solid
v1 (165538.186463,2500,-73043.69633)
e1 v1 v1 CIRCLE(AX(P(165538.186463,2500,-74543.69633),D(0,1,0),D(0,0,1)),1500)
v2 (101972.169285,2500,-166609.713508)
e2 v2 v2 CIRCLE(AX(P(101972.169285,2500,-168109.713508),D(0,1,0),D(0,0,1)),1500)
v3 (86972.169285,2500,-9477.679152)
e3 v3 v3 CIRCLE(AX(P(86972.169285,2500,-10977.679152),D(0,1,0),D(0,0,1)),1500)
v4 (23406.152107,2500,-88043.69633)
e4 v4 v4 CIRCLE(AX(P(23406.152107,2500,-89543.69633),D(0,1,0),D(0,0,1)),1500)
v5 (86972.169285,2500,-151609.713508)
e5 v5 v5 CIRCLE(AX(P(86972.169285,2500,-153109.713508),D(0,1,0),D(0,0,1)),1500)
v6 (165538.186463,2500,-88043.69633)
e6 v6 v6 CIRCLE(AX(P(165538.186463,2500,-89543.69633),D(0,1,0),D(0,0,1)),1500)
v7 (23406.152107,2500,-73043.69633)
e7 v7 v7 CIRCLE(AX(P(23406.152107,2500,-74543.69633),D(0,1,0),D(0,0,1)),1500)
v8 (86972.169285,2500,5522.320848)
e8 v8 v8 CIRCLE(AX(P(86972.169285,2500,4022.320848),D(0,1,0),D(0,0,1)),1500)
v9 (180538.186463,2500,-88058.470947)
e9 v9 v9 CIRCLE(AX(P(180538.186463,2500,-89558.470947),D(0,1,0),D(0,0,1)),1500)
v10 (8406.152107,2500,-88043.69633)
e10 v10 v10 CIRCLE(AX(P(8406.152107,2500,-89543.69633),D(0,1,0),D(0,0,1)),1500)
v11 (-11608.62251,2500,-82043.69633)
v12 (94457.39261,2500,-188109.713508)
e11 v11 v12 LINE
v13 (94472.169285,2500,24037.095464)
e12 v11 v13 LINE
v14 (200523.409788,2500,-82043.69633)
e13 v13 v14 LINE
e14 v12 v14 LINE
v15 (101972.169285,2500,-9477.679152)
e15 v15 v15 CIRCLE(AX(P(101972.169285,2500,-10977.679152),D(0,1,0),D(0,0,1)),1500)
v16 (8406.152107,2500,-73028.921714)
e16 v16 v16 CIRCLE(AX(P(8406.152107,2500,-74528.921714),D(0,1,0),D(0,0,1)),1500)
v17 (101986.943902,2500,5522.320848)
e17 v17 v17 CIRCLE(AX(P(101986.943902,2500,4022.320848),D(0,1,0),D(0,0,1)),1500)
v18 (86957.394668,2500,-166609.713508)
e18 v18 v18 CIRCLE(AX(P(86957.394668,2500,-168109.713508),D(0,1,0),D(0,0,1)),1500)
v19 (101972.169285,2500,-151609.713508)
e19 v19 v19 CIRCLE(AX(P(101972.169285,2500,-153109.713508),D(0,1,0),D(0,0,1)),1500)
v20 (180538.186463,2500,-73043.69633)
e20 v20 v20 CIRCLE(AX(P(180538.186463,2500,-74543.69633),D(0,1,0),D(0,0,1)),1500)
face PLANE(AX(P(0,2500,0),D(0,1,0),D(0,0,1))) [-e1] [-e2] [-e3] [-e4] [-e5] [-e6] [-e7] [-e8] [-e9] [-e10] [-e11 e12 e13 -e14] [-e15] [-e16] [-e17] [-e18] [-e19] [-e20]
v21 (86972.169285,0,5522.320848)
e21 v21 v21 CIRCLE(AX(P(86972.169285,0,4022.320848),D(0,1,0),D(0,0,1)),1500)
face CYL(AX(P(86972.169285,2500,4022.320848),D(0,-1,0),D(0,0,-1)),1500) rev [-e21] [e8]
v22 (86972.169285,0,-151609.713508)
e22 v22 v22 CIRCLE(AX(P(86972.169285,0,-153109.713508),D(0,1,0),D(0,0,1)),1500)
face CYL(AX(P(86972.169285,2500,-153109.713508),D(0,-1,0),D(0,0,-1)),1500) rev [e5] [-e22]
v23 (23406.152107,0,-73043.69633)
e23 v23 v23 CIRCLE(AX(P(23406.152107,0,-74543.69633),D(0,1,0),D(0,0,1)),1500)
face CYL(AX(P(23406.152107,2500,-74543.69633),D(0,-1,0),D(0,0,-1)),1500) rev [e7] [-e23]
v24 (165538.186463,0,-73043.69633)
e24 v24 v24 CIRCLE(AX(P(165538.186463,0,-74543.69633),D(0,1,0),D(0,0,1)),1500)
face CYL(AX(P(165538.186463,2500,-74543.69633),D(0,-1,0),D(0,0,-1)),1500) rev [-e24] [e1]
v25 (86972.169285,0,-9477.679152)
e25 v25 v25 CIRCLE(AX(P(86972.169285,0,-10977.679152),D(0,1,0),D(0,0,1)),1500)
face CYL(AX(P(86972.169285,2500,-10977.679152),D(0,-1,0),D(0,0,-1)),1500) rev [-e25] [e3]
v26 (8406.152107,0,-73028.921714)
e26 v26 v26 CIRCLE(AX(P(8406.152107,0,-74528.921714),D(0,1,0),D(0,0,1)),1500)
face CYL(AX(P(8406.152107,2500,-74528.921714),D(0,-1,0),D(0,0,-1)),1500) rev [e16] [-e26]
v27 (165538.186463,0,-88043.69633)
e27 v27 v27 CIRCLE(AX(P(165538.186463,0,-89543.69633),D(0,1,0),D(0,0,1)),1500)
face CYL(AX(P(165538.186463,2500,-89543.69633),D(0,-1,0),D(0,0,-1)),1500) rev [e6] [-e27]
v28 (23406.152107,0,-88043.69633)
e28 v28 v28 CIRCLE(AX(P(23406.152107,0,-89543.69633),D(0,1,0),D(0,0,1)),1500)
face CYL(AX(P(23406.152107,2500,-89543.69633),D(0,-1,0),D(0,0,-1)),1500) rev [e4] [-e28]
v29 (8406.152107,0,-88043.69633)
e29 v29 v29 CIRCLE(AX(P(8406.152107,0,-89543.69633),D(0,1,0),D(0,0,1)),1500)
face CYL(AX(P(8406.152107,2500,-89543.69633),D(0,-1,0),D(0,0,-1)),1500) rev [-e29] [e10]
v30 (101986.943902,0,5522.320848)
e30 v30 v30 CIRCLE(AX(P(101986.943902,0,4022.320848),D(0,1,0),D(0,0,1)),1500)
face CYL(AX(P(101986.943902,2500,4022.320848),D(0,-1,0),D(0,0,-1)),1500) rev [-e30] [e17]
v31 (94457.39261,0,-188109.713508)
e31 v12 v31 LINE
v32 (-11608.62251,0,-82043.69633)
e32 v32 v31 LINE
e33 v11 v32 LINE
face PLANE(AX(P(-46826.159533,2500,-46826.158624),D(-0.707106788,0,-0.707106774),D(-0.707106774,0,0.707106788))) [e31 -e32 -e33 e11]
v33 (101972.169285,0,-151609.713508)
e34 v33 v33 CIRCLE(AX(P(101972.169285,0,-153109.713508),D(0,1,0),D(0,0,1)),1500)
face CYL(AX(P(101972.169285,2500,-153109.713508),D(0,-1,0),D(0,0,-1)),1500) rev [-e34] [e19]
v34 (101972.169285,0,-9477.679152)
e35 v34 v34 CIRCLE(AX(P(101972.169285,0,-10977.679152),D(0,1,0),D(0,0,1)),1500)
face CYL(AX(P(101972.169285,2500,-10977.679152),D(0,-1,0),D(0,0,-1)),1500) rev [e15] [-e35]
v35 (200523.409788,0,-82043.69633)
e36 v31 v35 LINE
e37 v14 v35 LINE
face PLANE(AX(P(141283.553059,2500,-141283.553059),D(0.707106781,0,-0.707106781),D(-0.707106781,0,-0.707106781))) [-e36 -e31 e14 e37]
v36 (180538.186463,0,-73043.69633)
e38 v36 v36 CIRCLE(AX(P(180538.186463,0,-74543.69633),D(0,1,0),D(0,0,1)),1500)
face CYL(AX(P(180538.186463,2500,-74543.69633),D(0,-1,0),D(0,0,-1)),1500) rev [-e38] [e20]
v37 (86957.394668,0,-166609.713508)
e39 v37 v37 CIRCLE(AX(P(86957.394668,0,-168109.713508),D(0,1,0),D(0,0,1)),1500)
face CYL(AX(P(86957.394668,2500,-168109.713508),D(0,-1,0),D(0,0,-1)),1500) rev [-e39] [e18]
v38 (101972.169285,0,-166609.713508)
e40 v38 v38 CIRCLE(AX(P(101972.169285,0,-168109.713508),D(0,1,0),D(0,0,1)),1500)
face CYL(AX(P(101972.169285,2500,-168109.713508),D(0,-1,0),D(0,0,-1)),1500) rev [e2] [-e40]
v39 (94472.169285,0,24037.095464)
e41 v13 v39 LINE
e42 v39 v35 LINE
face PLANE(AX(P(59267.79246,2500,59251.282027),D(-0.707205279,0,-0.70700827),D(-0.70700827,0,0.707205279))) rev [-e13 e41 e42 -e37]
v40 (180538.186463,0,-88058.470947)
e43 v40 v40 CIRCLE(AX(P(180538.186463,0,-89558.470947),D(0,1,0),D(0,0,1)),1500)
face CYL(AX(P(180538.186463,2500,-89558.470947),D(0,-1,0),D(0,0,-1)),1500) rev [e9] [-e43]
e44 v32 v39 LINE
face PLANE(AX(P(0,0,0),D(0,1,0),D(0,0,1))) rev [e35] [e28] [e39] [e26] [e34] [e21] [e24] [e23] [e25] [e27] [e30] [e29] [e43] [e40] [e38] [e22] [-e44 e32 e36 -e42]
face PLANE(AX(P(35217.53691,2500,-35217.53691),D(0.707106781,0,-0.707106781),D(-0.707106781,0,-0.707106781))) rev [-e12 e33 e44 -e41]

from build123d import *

# Parameters (mm, degrees)
SKETCH3_R           = 1500
BOSS_EXTRUDE2_DEPTH = 2500


with BuildPart() as part:
    # Sketch3 → Boss-Extrude2 (new body)
    with BuildSketch(Plane(origin=(0, 0, 0), x_dir=(1, 0, 0), z_dir=(0, 1, 0))):
        Polygon((94457.392609736, 188109.713508362), (200523.409787719, 82043.696330379), (94472.169284797, -24037.095464325), (-11608.622509908, 82043.696330379), align=None)
        with Locations((23406.152106819, 74543.696330375)):
            Circle(SKETCH3_R, mode=Mode.SUBTRACT)
        with Locations((8406.152106819, 89543.696330375)):
            Circle(SKETCH3_R, mode=Mode.SUBTRACT)
        with Locations((8406.152106819, 74528.921713652)):
            Circle(SKETCH3_R, mode=Mode.SUBTRACT)
        with Locations((101972.169284806, 10977.679152396)):
            Circle(SKETCH3_R, mode=Mode.SUBTRACT)
        with Locations((86972.169284806, -4022.320847604)):
            Circle(SKETCH3_R, mode=Mode.SUBTRACT)
        with Locations((101986.943901529, -4022.320847604)):
            Circle(SKETCH3_R, mode=Mode.SUBTRACT)
        with Locations((165538.186462784, 89543.696330384)):
            Circle(SKETCH3_R, mode=Mode.SUBTRACT)
        with Locations((180538.186462784, 74543.696330384)):
            Circle(SKETCH3_R, mode=Mode.SUBTRACT)
        with Locations((180538.186462784, 89558.470947106)):
            Circle(SKETCH3_R, mode=Mode.SUBTRACT)
        with Locations((23406.152106818, 89543.696330376)):
            Circle(SKETCH3_R, mode=Mode.SUBTRACT)
        with Locations((86972.169284804, 10977.679152397)):
            Circle(SKETCH3_R, mode=Mode.SUBTRACT)
        with Locations((165538.186462783, 74543.696330383)):
            Circle(SKETCH3_R, mode=Mode.SUBTRACT)
        with Locations((86972.169284797, 153109.713508362)):
            Circle(SKETCH3_R, mode=Mode.SUBTRACT)
        with Locations((101972.169284797, 153109.713508362)):
            Circle(SKETCH3_R, mode=Mode.SUBTRACT)
        with Locations((101972.169284797, 168109.713508362)):
            Circle(SKETCH3_R, mode=Mode.SUBTRACT)
        with Locations((86957.394668074, 168109.713508362)):
            Circle(SKETCH3_R, mode=Mode.SUBTRACT)
    extrude(amount=BOSS_EXTRUDE2_DEPTH)


solid = part.part
